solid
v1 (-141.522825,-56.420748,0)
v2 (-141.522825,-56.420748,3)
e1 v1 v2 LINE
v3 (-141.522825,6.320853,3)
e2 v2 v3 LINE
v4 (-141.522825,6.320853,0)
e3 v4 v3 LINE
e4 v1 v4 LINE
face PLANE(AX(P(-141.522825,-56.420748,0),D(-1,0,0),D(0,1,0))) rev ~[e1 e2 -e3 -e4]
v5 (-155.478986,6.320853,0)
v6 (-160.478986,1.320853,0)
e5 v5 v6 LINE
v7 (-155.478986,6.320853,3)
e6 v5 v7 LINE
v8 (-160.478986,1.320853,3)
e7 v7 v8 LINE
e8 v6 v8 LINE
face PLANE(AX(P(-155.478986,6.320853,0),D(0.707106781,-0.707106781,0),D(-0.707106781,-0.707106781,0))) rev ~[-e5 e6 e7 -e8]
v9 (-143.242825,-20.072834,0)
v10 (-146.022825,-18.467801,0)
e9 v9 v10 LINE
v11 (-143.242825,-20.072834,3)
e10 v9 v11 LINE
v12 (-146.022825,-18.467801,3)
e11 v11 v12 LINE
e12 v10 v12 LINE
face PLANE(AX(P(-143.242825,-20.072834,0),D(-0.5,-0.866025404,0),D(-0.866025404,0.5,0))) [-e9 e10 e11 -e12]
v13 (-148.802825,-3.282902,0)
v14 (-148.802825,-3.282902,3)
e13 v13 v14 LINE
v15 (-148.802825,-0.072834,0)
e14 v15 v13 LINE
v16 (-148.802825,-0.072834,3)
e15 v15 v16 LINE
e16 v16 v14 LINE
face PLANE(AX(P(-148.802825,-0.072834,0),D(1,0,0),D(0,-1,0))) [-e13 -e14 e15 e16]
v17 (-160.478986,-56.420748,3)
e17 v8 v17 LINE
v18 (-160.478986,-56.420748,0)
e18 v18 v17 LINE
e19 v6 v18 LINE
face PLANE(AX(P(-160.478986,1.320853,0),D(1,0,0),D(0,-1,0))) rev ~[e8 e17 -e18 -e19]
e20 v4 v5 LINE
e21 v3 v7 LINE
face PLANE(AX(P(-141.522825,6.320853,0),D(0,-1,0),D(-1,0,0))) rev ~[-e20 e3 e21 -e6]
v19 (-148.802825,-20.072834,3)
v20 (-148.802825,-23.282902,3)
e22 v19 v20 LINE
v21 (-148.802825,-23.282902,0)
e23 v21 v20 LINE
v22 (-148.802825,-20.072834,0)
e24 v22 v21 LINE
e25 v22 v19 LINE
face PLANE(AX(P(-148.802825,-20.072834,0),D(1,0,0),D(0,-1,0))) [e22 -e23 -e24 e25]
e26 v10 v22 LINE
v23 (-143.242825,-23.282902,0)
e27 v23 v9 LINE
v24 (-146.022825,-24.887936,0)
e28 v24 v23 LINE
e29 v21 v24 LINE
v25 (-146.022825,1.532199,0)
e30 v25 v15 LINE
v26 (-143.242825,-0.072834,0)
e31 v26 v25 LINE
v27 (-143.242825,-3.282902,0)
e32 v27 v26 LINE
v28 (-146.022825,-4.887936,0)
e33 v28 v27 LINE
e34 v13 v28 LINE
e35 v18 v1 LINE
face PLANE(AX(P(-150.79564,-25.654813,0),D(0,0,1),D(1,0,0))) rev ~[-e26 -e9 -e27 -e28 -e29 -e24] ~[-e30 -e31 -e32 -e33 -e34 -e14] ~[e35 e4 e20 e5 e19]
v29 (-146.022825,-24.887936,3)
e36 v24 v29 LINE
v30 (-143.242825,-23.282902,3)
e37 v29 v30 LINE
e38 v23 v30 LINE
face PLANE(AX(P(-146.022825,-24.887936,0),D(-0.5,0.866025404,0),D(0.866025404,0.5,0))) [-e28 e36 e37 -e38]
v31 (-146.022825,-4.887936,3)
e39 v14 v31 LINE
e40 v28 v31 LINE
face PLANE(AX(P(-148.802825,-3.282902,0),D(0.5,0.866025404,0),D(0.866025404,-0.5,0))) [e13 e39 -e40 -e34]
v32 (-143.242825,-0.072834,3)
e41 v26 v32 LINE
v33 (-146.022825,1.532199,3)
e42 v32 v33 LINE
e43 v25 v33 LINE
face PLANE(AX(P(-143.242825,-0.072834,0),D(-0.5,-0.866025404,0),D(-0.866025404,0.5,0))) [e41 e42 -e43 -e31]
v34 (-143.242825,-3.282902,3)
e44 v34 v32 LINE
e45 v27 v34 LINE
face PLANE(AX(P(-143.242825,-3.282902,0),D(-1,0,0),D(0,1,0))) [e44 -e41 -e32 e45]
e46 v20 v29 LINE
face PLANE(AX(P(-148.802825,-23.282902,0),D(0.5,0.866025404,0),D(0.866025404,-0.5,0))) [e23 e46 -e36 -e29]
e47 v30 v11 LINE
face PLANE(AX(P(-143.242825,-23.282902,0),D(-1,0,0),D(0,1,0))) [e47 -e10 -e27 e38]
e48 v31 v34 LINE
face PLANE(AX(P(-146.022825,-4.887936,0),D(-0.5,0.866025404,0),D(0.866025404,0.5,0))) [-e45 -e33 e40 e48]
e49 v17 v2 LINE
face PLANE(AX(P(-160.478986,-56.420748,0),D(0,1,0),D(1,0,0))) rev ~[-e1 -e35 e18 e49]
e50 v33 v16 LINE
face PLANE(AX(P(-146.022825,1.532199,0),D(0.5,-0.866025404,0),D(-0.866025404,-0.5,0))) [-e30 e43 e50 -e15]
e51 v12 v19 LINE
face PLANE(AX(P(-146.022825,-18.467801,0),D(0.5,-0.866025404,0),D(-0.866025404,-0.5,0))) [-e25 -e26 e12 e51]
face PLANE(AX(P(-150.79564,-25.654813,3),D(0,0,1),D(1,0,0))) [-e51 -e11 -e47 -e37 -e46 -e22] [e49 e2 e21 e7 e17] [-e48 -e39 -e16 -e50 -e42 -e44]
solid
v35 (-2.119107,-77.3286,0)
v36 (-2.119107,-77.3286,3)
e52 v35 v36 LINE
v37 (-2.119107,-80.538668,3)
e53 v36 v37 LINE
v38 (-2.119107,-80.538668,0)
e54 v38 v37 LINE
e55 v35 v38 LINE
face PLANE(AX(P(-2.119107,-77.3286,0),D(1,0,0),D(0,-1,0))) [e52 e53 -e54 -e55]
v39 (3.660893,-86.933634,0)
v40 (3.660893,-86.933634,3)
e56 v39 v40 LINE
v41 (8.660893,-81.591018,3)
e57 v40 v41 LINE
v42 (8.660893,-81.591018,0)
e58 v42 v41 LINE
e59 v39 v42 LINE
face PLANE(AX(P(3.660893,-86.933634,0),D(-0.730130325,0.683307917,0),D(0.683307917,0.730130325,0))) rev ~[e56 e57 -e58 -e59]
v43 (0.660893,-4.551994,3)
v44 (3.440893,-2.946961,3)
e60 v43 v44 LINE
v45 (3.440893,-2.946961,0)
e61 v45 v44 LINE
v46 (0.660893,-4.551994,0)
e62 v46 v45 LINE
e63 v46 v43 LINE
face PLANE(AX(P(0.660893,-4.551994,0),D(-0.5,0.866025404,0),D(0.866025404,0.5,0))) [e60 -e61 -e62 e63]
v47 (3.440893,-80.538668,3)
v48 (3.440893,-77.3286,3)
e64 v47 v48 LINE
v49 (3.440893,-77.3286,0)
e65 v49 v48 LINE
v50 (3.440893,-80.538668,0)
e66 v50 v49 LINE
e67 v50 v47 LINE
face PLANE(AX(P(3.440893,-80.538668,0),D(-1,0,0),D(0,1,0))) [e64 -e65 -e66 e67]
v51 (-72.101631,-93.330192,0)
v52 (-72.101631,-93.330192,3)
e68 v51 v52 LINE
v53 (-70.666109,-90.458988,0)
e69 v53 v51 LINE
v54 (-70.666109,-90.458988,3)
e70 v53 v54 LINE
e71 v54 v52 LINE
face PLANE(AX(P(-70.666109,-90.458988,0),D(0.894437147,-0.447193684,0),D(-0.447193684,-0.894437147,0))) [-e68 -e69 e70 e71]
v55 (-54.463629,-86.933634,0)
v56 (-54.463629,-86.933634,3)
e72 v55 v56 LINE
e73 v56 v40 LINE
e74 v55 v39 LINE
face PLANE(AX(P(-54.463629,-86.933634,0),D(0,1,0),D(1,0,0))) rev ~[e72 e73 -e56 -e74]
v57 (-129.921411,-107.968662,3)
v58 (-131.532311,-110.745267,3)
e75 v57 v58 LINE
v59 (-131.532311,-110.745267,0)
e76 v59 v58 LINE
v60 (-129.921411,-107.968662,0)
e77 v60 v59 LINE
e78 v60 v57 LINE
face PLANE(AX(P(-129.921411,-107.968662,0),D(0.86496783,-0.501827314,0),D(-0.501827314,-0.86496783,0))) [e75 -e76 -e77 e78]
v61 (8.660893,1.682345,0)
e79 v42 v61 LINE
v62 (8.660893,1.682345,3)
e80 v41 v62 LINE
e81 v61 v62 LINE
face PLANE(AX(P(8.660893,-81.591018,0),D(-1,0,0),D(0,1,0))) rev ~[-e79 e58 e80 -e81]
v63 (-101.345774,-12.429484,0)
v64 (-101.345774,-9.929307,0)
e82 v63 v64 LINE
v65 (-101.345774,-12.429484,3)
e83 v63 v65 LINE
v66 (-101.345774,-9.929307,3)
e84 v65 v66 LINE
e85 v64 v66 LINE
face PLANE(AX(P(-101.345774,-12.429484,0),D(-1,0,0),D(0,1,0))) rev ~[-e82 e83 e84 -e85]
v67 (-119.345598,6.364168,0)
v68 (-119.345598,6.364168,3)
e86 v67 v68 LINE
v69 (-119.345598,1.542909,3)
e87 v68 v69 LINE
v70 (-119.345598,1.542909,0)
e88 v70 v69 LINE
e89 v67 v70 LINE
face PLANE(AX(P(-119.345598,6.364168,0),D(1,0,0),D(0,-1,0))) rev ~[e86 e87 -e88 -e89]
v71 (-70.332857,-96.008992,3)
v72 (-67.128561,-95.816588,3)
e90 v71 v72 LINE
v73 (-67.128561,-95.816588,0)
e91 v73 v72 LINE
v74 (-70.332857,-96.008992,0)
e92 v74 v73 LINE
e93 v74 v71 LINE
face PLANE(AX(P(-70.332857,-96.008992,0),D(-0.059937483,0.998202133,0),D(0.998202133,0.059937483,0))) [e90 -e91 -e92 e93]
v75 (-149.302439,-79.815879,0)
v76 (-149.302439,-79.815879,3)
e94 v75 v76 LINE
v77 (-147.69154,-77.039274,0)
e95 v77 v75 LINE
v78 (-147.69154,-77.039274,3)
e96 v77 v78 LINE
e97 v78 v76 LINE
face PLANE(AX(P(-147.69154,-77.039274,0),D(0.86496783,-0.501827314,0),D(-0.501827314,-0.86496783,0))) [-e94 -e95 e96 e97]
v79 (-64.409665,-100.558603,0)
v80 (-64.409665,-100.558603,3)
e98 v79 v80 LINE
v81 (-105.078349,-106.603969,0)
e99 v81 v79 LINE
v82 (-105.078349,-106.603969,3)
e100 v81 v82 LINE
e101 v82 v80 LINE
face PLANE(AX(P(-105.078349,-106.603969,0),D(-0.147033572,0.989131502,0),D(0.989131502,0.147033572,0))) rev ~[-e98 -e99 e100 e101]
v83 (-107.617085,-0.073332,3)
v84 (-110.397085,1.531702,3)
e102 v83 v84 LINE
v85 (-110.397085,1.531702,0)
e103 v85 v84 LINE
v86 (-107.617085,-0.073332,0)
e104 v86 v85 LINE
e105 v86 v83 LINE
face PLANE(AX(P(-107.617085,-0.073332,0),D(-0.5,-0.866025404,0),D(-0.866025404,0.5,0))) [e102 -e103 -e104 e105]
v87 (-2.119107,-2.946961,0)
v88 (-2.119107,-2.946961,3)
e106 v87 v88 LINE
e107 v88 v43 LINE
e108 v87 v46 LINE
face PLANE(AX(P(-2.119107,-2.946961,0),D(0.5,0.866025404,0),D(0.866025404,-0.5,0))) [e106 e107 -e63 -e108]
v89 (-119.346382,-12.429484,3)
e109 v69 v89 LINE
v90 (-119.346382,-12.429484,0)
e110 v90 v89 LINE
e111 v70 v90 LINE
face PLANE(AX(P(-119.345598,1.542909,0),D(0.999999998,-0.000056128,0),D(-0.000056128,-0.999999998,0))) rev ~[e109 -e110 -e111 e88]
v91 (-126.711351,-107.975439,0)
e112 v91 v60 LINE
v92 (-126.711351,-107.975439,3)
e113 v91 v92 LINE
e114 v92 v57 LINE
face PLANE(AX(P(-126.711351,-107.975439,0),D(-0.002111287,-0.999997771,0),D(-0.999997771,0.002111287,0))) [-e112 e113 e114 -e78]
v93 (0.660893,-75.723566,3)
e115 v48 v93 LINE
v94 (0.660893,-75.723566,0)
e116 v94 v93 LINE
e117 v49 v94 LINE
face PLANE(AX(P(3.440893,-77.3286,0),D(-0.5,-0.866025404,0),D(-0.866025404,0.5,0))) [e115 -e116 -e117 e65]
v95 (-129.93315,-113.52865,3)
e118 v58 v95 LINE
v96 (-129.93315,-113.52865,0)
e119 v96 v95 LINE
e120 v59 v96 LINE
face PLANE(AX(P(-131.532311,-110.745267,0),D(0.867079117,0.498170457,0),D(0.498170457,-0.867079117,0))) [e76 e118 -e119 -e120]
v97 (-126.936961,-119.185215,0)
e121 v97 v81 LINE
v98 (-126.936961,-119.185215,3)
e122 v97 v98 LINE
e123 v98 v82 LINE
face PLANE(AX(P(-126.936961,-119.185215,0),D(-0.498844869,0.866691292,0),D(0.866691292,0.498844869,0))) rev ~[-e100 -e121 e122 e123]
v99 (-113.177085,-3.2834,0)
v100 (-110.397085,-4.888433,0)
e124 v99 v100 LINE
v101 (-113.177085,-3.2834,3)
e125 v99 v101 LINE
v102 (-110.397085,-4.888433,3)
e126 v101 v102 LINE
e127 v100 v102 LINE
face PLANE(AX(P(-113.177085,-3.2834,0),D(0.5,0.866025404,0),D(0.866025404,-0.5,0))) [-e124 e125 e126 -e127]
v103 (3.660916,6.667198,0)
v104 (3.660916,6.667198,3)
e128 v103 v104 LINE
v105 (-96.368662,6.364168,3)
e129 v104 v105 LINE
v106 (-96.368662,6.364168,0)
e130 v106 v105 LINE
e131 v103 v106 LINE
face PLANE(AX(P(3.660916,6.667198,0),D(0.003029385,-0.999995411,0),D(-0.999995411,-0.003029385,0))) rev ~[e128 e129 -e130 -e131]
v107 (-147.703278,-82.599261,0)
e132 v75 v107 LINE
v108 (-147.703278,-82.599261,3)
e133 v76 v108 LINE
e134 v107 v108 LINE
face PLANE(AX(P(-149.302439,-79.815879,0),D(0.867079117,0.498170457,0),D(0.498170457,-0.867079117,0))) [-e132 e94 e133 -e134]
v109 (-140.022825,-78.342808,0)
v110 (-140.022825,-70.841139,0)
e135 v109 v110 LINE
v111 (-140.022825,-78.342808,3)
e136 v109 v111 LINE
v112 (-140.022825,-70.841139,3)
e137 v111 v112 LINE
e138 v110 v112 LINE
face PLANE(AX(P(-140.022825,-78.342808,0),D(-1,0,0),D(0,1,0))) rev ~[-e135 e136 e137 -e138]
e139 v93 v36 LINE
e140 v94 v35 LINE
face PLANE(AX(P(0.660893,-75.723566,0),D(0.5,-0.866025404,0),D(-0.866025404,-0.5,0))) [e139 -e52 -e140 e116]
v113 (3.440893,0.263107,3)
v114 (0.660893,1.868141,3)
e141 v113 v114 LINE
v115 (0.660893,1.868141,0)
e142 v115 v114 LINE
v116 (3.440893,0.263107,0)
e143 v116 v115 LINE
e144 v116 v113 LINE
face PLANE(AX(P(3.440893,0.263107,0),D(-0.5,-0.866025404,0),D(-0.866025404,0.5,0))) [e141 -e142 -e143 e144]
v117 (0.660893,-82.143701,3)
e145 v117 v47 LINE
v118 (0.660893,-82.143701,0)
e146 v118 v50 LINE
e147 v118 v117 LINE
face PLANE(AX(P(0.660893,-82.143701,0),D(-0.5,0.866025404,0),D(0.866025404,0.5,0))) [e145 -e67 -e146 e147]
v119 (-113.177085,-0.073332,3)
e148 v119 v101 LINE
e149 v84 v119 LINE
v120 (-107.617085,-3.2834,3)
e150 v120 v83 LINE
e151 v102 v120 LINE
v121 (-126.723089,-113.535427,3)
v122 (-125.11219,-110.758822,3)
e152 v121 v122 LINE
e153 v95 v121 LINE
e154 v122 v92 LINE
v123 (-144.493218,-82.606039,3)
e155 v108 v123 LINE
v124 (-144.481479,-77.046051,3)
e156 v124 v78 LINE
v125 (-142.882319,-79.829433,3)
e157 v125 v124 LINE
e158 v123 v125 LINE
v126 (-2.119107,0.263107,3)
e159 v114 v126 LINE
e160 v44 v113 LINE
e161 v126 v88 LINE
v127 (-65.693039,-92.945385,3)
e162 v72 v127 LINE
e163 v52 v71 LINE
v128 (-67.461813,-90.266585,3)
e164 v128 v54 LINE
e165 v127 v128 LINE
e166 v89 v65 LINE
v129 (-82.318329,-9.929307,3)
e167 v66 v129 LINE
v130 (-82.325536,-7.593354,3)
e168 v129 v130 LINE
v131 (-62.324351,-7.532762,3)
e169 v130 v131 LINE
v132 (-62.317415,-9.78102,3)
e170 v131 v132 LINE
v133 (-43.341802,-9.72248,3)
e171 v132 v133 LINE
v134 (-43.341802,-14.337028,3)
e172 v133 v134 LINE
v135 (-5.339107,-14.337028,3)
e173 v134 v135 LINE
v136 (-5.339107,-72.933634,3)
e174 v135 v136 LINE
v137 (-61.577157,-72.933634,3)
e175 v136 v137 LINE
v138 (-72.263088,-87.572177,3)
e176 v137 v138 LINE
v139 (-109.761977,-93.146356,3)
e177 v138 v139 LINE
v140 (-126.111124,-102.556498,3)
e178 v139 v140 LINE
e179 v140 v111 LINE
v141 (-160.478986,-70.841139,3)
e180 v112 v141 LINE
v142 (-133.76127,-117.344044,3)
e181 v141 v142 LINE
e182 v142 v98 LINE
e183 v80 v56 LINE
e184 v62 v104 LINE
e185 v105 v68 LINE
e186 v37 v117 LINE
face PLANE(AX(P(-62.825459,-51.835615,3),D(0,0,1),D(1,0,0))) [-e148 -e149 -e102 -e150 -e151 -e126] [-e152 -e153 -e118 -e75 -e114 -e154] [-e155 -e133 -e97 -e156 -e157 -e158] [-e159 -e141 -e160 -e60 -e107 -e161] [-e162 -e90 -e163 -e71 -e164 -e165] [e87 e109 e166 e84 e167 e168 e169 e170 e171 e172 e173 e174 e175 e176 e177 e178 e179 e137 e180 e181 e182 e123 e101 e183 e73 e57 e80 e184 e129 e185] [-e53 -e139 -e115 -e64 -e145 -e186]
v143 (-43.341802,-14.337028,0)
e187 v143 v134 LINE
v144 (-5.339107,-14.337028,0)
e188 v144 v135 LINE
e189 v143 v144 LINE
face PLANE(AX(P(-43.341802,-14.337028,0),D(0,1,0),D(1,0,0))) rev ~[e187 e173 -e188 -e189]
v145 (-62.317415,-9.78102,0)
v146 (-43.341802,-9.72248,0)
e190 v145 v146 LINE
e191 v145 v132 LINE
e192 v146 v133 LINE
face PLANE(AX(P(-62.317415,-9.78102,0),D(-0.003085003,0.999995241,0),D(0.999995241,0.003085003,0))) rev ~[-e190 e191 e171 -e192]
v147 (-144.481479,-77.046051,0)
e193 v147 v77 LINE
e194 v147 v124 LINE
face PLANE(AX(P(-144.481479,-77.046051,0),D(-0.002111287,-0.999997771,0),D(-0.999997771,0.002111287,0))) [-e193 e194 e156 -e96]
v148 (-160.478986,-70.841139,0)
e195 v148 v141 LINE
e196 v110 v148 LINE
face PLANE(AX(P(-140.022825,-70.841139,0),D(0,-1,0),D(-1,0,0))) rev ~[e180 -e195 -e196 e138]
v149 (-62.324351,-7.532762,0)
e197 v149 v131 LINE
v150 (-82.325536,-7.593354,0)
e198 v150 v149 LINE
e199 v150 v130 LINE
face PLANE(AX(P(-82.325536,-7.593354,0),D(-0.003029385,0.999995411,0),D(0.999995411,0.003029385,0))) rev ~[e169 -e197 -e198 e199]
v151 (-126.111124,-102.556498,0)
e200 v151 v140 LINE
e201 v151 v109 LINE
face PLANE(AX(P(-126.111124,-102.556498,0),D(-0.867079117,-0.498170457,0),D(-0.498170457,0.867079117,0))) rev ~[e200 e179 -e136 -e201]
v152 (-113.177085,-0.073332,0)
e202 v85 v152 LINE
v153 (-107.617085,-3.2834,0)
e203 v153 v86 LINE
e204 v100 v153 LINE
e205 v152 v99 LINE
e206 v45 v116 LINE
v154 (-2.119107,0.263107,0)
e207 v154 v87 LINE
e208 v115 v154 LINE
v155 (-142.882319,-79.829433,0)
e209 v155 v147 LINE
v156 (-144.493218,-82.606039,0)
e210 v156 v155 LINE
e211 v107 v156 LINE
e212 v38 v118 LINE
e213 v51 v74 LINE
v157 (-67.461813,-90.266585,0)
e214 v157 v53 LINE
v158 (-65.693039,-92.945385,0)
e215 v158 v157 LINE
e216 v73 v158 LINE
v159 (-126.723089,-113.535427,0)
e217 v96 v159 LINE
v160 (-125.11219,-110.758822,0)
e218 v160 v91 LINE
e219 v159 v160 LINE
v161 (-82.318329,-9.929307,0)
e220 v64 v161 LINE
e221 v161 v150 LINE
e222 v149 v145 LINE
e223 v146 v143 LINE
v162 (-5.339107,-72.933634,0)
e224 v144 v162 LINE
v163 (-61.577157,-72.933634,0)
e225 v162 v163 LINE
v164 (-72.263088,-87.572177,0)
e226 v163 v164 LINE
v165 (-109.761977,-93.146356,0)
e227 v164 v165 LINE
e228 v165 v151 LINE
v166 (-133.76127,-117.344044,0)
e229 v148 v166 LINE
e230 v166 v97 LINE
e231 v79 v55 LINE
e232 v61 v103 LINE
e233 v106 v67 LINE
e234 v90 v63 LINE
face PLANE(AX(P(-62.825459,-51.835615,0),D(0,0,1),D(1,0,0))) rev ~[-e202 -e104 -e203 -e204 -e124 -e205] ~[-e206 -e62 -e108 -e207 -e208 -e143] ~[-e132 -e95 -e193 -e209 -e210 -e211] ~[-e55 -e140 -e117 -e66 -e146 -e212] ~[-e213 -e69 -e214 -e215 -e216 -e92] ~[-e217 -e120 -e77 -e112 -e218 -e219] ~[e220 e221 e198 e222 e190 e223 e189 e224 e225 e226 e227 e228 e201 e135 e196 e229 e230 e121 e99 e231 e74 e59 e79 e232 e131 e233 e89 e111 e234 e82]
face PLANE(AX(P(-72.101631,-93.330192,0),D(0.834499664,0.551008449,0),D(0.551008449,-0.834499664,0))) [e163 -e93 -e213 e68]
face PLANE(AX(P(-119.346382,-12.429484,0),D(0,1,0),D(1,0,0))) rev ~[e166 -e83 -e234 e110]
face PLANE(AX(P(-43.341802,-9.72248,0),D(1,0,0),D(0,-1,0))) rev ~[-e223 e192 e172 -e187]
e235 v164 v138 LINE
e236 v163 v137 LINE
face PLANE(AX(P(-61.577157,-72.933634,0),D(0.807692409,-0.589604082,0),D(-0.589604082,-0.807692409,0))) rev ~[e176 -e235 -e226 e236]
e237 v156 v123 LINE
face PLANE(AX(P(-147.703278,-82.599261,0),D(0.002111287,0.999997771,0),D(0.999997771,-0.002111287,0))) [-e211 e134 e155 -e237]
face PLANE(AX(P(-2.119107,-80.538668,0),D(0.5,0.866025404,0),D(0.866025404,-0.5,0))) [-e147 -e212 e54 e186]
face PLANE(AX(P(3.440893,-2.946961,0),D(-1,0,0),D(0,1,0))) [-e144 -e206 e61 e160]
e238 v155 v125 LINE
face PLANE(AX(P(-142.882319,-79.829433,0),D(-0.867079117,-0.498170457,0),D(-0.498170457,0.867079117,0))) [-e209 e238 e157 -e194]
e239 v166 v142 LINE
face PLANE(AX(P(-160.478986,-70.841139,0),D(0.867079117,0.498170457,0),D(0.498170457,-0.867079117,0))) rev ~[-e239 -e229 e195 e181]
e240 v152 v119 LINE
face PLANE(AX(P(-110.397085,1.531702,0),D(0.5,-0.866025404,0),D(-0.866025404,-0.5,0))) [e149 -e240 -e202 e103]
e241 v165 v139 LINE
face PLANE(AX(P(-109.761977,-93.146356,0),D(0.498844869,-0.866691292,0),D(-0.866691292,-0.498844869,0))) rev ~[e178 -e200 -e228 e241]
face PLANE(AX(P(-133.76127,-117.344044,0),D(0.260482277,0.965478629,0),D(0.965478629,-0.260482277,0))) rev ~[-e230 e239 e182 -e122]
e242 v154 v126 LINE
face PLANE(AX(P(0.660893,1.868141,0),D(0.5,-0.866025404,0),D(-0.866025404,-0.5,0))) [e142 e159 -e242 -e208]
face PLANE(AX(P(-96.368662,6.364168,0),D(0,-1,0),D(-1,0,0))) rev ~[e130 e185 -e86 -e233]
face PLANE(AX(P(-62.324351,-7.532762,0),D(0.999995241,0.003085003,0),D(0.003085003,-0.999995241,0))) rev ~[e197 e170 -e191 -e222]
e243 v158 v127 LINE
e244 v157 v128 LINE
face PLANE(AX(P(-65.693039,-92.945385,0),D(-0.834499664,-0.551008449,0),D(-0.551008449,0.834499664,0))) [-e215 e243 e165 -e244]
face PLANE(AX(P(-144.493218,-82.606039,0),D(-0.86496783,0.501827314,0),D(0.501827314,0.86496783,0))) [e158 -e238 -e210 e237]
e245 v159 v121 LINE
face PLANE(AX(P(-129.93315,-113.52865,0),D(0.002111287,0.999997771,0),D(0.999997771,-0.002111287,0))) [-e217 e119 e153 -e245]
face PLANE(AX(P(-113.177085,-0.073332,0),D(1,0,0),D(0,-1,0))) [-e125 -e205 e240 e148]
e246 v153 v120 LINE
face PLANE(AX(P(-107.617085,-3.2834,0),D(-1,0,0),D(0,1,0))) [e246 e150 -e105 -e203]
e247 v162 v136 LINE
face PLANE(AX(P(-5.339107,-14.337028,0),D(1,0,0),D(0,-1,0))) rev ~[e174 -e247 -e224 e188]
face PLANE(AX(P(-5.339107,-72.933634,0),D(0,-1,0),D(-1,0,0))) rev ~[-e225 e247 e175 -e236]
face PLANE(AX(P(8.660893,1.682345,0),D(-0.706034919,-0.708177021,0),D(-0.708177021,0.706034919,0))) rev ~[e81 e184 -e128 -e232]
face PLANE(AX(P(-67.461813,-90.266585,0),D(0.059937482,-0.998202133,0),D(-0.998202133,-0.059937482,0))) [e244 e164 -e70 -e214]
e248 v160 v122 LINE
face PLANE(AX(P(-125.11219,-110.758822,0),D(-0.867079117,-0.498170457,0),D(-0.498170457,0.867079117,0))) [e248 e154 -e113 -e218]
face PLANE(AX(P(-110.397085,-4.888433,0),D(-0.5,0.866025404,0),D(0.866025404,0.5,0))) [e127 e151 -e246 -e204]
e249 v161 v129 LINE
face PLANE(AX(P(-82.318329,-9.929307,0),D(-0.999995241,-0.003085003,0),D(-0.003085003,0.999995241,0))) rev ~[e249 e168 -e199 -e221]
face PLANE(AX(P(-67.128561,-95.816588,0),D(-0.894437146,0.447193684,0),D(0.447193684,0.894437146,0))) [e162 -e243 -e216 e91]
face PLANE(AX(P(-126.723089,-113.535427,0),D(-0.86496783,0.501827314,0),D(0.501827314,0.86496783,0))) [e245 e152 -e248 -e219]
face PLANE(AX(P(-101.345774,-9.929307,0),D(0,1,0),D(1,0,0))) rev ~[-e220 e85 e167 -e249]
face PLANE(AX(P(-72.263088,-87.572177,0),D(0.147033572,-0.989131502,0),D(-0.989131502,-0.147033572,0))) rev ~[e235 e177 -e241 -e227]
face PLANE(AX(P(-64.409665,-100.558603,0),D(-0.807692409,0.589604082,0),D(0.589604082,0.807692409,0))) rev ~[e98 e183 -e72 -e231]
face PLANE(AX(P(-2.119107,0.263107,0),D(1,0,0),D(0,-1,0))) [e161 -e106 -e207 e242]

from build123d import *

# Parameters (mm, degrees)
BOSS_EXTRU_1_DEPTH   = 3
BOSS_EXTRU_1_2_DEPTH = 3


with BuildPart() as part:
    # Esquisse1 → Boss.-Extru.1 (new body)
    with BuildSketch(Plane.XY):
        Polygon((-160.478985875, -70.841138967), (-133.761270027, -117.344044002), (-126.936961278, -119.18521524), (-105.07834936, -106.603969177), (-64.409664562, -100.558603138), (-54.463628843, -86.933633781), (3.660893039, -86.933633781), (8.660893039, -81.591018051), (8.660893039, 1.682344915), (3.660915982, 6.667197989), (-96.368661727, 6.364168479), (-103.365175584, 6.364168479), (-119.345597764, 6.364168479), (-119.345597764, 1.542908687), (-119.346382005, -12.429484403), (-101.345774335, -12.429484403), (-101.345774335, -9.929307079), (-82.318329451, -9.929307079), (-82.325535908, -7.59335353), (-62.324350924, -7.532761958), (-62.31741501, -9.781019755), (-43.341802282, -9.722479661), (-43.341802282, -14.337028264), (-5.339106961, -14.337028264), (-5.339106961, -72.933633781), (-61.577157206, -72.933633781), (-72.263087593, -87.572177036), (-109.761976756, -93.1463556), (-126.111124489, -102.556497988), (-140.02282508, -78.342807898), (-140.02282508, -70.841138967), align=None)
        Polygon((-110.397084988, -4.888433419), (-107.617084988, -3.283399671), (-107.617084988, -0.073332174), (-110.397084988, 1.531701574), (-113.177084988, -0.073332174), (-113.177084988, -3.283399671), align=None, mode=Mode.SUBTRACT)
        Polygon((0.660893039, -4.551994484), (3.440893039, -2.946960735), (3.440893039, 0.263106761), (0.660893039, 1.86814051), (-2.119106961, 0.263106761), (-2.119106961, -2.946960735), align=None, mode=Mode.SUBTRACT)
        Polygon((0.660893039, -75.723566285), (-2.119106961, -77.328600033), (-2.119106961, -80.53866753), (0.660893039, -82.143701278), (3.440893039, -80.53866753), (3.440893039, -77.328600033), align=None, mode=Mode.SUBTRACT)
        Polygon((-70.666109178, -90.458987975), (-72.101631087, -93.330191587), (-70.332856775, -96.008991835), (-67.128560553, -95.81658847), (-65.693038643, -92.945384858), (-67.461812956, -90.266584611), align=None, mode=Mode.SUBTRACT)
        Polygon((-129.921410961, -107.968661897), (-131.53231051, -110.745267014), (-129.933149717, -113.528649505), (-126.723089375, -113.535426879), (-125.112189826, -110.758821762), (-126.711350619, -107.975439271), align=None, mode=Mode.SUBTRACT)
        Polygon((-144.493218107, -82.606038544), (-142.882318558, -79.829433427), (-144.481479351, -77.046050936), (-147.691539693, -77.039273562), (-149.302439242, -79.815878679), (-147.703278449, -82.59926117), align=None, mode=Mode.SUBTRACT)
    extrude(amount=BOSS_EXTRU_1_DEPTH)


with BuildPart() as body_2:
    # Esquisse1 → Boss.-Extru.1 2 (new body)
    with BuildSketch(Plane.XY):
        Polygon((-160.478985875, -3.429484403), (-160.478985875, -56.420747812), (-141.52282508, -56.420747812), (-141.52282508, 1.570515597), (-141.52282508, 6.320852512), (-155.478985875, 6.320852512), (-160.478985875, 1.320852512), align=None)
        Polygon((-146.02282508, -18.467800689), (-148.80282508, -20.072834437), (-148.80282508, -23.282901934), (-146.02282508, -24.887935682), (-143.24282508, -23.282901934), (-143.24282508, -20.072834437), align=None, mode=Mode.SUBTRACT)
        Polygon((-146.02282508, -4.887935682), (-143.24282508, -3.282901934), (-143.24282508, -0.072834437), (-146.02282508, 1.532199311), (-148.80282508, -0.072834437), (-148.80282508, -3.282901934), align=None, mode=Mode.SUBTRACT)
    extrude(amount=BOSS_EXTRU_1_2_DEPTH)


solid = Compound([part.part, body_2.part])
